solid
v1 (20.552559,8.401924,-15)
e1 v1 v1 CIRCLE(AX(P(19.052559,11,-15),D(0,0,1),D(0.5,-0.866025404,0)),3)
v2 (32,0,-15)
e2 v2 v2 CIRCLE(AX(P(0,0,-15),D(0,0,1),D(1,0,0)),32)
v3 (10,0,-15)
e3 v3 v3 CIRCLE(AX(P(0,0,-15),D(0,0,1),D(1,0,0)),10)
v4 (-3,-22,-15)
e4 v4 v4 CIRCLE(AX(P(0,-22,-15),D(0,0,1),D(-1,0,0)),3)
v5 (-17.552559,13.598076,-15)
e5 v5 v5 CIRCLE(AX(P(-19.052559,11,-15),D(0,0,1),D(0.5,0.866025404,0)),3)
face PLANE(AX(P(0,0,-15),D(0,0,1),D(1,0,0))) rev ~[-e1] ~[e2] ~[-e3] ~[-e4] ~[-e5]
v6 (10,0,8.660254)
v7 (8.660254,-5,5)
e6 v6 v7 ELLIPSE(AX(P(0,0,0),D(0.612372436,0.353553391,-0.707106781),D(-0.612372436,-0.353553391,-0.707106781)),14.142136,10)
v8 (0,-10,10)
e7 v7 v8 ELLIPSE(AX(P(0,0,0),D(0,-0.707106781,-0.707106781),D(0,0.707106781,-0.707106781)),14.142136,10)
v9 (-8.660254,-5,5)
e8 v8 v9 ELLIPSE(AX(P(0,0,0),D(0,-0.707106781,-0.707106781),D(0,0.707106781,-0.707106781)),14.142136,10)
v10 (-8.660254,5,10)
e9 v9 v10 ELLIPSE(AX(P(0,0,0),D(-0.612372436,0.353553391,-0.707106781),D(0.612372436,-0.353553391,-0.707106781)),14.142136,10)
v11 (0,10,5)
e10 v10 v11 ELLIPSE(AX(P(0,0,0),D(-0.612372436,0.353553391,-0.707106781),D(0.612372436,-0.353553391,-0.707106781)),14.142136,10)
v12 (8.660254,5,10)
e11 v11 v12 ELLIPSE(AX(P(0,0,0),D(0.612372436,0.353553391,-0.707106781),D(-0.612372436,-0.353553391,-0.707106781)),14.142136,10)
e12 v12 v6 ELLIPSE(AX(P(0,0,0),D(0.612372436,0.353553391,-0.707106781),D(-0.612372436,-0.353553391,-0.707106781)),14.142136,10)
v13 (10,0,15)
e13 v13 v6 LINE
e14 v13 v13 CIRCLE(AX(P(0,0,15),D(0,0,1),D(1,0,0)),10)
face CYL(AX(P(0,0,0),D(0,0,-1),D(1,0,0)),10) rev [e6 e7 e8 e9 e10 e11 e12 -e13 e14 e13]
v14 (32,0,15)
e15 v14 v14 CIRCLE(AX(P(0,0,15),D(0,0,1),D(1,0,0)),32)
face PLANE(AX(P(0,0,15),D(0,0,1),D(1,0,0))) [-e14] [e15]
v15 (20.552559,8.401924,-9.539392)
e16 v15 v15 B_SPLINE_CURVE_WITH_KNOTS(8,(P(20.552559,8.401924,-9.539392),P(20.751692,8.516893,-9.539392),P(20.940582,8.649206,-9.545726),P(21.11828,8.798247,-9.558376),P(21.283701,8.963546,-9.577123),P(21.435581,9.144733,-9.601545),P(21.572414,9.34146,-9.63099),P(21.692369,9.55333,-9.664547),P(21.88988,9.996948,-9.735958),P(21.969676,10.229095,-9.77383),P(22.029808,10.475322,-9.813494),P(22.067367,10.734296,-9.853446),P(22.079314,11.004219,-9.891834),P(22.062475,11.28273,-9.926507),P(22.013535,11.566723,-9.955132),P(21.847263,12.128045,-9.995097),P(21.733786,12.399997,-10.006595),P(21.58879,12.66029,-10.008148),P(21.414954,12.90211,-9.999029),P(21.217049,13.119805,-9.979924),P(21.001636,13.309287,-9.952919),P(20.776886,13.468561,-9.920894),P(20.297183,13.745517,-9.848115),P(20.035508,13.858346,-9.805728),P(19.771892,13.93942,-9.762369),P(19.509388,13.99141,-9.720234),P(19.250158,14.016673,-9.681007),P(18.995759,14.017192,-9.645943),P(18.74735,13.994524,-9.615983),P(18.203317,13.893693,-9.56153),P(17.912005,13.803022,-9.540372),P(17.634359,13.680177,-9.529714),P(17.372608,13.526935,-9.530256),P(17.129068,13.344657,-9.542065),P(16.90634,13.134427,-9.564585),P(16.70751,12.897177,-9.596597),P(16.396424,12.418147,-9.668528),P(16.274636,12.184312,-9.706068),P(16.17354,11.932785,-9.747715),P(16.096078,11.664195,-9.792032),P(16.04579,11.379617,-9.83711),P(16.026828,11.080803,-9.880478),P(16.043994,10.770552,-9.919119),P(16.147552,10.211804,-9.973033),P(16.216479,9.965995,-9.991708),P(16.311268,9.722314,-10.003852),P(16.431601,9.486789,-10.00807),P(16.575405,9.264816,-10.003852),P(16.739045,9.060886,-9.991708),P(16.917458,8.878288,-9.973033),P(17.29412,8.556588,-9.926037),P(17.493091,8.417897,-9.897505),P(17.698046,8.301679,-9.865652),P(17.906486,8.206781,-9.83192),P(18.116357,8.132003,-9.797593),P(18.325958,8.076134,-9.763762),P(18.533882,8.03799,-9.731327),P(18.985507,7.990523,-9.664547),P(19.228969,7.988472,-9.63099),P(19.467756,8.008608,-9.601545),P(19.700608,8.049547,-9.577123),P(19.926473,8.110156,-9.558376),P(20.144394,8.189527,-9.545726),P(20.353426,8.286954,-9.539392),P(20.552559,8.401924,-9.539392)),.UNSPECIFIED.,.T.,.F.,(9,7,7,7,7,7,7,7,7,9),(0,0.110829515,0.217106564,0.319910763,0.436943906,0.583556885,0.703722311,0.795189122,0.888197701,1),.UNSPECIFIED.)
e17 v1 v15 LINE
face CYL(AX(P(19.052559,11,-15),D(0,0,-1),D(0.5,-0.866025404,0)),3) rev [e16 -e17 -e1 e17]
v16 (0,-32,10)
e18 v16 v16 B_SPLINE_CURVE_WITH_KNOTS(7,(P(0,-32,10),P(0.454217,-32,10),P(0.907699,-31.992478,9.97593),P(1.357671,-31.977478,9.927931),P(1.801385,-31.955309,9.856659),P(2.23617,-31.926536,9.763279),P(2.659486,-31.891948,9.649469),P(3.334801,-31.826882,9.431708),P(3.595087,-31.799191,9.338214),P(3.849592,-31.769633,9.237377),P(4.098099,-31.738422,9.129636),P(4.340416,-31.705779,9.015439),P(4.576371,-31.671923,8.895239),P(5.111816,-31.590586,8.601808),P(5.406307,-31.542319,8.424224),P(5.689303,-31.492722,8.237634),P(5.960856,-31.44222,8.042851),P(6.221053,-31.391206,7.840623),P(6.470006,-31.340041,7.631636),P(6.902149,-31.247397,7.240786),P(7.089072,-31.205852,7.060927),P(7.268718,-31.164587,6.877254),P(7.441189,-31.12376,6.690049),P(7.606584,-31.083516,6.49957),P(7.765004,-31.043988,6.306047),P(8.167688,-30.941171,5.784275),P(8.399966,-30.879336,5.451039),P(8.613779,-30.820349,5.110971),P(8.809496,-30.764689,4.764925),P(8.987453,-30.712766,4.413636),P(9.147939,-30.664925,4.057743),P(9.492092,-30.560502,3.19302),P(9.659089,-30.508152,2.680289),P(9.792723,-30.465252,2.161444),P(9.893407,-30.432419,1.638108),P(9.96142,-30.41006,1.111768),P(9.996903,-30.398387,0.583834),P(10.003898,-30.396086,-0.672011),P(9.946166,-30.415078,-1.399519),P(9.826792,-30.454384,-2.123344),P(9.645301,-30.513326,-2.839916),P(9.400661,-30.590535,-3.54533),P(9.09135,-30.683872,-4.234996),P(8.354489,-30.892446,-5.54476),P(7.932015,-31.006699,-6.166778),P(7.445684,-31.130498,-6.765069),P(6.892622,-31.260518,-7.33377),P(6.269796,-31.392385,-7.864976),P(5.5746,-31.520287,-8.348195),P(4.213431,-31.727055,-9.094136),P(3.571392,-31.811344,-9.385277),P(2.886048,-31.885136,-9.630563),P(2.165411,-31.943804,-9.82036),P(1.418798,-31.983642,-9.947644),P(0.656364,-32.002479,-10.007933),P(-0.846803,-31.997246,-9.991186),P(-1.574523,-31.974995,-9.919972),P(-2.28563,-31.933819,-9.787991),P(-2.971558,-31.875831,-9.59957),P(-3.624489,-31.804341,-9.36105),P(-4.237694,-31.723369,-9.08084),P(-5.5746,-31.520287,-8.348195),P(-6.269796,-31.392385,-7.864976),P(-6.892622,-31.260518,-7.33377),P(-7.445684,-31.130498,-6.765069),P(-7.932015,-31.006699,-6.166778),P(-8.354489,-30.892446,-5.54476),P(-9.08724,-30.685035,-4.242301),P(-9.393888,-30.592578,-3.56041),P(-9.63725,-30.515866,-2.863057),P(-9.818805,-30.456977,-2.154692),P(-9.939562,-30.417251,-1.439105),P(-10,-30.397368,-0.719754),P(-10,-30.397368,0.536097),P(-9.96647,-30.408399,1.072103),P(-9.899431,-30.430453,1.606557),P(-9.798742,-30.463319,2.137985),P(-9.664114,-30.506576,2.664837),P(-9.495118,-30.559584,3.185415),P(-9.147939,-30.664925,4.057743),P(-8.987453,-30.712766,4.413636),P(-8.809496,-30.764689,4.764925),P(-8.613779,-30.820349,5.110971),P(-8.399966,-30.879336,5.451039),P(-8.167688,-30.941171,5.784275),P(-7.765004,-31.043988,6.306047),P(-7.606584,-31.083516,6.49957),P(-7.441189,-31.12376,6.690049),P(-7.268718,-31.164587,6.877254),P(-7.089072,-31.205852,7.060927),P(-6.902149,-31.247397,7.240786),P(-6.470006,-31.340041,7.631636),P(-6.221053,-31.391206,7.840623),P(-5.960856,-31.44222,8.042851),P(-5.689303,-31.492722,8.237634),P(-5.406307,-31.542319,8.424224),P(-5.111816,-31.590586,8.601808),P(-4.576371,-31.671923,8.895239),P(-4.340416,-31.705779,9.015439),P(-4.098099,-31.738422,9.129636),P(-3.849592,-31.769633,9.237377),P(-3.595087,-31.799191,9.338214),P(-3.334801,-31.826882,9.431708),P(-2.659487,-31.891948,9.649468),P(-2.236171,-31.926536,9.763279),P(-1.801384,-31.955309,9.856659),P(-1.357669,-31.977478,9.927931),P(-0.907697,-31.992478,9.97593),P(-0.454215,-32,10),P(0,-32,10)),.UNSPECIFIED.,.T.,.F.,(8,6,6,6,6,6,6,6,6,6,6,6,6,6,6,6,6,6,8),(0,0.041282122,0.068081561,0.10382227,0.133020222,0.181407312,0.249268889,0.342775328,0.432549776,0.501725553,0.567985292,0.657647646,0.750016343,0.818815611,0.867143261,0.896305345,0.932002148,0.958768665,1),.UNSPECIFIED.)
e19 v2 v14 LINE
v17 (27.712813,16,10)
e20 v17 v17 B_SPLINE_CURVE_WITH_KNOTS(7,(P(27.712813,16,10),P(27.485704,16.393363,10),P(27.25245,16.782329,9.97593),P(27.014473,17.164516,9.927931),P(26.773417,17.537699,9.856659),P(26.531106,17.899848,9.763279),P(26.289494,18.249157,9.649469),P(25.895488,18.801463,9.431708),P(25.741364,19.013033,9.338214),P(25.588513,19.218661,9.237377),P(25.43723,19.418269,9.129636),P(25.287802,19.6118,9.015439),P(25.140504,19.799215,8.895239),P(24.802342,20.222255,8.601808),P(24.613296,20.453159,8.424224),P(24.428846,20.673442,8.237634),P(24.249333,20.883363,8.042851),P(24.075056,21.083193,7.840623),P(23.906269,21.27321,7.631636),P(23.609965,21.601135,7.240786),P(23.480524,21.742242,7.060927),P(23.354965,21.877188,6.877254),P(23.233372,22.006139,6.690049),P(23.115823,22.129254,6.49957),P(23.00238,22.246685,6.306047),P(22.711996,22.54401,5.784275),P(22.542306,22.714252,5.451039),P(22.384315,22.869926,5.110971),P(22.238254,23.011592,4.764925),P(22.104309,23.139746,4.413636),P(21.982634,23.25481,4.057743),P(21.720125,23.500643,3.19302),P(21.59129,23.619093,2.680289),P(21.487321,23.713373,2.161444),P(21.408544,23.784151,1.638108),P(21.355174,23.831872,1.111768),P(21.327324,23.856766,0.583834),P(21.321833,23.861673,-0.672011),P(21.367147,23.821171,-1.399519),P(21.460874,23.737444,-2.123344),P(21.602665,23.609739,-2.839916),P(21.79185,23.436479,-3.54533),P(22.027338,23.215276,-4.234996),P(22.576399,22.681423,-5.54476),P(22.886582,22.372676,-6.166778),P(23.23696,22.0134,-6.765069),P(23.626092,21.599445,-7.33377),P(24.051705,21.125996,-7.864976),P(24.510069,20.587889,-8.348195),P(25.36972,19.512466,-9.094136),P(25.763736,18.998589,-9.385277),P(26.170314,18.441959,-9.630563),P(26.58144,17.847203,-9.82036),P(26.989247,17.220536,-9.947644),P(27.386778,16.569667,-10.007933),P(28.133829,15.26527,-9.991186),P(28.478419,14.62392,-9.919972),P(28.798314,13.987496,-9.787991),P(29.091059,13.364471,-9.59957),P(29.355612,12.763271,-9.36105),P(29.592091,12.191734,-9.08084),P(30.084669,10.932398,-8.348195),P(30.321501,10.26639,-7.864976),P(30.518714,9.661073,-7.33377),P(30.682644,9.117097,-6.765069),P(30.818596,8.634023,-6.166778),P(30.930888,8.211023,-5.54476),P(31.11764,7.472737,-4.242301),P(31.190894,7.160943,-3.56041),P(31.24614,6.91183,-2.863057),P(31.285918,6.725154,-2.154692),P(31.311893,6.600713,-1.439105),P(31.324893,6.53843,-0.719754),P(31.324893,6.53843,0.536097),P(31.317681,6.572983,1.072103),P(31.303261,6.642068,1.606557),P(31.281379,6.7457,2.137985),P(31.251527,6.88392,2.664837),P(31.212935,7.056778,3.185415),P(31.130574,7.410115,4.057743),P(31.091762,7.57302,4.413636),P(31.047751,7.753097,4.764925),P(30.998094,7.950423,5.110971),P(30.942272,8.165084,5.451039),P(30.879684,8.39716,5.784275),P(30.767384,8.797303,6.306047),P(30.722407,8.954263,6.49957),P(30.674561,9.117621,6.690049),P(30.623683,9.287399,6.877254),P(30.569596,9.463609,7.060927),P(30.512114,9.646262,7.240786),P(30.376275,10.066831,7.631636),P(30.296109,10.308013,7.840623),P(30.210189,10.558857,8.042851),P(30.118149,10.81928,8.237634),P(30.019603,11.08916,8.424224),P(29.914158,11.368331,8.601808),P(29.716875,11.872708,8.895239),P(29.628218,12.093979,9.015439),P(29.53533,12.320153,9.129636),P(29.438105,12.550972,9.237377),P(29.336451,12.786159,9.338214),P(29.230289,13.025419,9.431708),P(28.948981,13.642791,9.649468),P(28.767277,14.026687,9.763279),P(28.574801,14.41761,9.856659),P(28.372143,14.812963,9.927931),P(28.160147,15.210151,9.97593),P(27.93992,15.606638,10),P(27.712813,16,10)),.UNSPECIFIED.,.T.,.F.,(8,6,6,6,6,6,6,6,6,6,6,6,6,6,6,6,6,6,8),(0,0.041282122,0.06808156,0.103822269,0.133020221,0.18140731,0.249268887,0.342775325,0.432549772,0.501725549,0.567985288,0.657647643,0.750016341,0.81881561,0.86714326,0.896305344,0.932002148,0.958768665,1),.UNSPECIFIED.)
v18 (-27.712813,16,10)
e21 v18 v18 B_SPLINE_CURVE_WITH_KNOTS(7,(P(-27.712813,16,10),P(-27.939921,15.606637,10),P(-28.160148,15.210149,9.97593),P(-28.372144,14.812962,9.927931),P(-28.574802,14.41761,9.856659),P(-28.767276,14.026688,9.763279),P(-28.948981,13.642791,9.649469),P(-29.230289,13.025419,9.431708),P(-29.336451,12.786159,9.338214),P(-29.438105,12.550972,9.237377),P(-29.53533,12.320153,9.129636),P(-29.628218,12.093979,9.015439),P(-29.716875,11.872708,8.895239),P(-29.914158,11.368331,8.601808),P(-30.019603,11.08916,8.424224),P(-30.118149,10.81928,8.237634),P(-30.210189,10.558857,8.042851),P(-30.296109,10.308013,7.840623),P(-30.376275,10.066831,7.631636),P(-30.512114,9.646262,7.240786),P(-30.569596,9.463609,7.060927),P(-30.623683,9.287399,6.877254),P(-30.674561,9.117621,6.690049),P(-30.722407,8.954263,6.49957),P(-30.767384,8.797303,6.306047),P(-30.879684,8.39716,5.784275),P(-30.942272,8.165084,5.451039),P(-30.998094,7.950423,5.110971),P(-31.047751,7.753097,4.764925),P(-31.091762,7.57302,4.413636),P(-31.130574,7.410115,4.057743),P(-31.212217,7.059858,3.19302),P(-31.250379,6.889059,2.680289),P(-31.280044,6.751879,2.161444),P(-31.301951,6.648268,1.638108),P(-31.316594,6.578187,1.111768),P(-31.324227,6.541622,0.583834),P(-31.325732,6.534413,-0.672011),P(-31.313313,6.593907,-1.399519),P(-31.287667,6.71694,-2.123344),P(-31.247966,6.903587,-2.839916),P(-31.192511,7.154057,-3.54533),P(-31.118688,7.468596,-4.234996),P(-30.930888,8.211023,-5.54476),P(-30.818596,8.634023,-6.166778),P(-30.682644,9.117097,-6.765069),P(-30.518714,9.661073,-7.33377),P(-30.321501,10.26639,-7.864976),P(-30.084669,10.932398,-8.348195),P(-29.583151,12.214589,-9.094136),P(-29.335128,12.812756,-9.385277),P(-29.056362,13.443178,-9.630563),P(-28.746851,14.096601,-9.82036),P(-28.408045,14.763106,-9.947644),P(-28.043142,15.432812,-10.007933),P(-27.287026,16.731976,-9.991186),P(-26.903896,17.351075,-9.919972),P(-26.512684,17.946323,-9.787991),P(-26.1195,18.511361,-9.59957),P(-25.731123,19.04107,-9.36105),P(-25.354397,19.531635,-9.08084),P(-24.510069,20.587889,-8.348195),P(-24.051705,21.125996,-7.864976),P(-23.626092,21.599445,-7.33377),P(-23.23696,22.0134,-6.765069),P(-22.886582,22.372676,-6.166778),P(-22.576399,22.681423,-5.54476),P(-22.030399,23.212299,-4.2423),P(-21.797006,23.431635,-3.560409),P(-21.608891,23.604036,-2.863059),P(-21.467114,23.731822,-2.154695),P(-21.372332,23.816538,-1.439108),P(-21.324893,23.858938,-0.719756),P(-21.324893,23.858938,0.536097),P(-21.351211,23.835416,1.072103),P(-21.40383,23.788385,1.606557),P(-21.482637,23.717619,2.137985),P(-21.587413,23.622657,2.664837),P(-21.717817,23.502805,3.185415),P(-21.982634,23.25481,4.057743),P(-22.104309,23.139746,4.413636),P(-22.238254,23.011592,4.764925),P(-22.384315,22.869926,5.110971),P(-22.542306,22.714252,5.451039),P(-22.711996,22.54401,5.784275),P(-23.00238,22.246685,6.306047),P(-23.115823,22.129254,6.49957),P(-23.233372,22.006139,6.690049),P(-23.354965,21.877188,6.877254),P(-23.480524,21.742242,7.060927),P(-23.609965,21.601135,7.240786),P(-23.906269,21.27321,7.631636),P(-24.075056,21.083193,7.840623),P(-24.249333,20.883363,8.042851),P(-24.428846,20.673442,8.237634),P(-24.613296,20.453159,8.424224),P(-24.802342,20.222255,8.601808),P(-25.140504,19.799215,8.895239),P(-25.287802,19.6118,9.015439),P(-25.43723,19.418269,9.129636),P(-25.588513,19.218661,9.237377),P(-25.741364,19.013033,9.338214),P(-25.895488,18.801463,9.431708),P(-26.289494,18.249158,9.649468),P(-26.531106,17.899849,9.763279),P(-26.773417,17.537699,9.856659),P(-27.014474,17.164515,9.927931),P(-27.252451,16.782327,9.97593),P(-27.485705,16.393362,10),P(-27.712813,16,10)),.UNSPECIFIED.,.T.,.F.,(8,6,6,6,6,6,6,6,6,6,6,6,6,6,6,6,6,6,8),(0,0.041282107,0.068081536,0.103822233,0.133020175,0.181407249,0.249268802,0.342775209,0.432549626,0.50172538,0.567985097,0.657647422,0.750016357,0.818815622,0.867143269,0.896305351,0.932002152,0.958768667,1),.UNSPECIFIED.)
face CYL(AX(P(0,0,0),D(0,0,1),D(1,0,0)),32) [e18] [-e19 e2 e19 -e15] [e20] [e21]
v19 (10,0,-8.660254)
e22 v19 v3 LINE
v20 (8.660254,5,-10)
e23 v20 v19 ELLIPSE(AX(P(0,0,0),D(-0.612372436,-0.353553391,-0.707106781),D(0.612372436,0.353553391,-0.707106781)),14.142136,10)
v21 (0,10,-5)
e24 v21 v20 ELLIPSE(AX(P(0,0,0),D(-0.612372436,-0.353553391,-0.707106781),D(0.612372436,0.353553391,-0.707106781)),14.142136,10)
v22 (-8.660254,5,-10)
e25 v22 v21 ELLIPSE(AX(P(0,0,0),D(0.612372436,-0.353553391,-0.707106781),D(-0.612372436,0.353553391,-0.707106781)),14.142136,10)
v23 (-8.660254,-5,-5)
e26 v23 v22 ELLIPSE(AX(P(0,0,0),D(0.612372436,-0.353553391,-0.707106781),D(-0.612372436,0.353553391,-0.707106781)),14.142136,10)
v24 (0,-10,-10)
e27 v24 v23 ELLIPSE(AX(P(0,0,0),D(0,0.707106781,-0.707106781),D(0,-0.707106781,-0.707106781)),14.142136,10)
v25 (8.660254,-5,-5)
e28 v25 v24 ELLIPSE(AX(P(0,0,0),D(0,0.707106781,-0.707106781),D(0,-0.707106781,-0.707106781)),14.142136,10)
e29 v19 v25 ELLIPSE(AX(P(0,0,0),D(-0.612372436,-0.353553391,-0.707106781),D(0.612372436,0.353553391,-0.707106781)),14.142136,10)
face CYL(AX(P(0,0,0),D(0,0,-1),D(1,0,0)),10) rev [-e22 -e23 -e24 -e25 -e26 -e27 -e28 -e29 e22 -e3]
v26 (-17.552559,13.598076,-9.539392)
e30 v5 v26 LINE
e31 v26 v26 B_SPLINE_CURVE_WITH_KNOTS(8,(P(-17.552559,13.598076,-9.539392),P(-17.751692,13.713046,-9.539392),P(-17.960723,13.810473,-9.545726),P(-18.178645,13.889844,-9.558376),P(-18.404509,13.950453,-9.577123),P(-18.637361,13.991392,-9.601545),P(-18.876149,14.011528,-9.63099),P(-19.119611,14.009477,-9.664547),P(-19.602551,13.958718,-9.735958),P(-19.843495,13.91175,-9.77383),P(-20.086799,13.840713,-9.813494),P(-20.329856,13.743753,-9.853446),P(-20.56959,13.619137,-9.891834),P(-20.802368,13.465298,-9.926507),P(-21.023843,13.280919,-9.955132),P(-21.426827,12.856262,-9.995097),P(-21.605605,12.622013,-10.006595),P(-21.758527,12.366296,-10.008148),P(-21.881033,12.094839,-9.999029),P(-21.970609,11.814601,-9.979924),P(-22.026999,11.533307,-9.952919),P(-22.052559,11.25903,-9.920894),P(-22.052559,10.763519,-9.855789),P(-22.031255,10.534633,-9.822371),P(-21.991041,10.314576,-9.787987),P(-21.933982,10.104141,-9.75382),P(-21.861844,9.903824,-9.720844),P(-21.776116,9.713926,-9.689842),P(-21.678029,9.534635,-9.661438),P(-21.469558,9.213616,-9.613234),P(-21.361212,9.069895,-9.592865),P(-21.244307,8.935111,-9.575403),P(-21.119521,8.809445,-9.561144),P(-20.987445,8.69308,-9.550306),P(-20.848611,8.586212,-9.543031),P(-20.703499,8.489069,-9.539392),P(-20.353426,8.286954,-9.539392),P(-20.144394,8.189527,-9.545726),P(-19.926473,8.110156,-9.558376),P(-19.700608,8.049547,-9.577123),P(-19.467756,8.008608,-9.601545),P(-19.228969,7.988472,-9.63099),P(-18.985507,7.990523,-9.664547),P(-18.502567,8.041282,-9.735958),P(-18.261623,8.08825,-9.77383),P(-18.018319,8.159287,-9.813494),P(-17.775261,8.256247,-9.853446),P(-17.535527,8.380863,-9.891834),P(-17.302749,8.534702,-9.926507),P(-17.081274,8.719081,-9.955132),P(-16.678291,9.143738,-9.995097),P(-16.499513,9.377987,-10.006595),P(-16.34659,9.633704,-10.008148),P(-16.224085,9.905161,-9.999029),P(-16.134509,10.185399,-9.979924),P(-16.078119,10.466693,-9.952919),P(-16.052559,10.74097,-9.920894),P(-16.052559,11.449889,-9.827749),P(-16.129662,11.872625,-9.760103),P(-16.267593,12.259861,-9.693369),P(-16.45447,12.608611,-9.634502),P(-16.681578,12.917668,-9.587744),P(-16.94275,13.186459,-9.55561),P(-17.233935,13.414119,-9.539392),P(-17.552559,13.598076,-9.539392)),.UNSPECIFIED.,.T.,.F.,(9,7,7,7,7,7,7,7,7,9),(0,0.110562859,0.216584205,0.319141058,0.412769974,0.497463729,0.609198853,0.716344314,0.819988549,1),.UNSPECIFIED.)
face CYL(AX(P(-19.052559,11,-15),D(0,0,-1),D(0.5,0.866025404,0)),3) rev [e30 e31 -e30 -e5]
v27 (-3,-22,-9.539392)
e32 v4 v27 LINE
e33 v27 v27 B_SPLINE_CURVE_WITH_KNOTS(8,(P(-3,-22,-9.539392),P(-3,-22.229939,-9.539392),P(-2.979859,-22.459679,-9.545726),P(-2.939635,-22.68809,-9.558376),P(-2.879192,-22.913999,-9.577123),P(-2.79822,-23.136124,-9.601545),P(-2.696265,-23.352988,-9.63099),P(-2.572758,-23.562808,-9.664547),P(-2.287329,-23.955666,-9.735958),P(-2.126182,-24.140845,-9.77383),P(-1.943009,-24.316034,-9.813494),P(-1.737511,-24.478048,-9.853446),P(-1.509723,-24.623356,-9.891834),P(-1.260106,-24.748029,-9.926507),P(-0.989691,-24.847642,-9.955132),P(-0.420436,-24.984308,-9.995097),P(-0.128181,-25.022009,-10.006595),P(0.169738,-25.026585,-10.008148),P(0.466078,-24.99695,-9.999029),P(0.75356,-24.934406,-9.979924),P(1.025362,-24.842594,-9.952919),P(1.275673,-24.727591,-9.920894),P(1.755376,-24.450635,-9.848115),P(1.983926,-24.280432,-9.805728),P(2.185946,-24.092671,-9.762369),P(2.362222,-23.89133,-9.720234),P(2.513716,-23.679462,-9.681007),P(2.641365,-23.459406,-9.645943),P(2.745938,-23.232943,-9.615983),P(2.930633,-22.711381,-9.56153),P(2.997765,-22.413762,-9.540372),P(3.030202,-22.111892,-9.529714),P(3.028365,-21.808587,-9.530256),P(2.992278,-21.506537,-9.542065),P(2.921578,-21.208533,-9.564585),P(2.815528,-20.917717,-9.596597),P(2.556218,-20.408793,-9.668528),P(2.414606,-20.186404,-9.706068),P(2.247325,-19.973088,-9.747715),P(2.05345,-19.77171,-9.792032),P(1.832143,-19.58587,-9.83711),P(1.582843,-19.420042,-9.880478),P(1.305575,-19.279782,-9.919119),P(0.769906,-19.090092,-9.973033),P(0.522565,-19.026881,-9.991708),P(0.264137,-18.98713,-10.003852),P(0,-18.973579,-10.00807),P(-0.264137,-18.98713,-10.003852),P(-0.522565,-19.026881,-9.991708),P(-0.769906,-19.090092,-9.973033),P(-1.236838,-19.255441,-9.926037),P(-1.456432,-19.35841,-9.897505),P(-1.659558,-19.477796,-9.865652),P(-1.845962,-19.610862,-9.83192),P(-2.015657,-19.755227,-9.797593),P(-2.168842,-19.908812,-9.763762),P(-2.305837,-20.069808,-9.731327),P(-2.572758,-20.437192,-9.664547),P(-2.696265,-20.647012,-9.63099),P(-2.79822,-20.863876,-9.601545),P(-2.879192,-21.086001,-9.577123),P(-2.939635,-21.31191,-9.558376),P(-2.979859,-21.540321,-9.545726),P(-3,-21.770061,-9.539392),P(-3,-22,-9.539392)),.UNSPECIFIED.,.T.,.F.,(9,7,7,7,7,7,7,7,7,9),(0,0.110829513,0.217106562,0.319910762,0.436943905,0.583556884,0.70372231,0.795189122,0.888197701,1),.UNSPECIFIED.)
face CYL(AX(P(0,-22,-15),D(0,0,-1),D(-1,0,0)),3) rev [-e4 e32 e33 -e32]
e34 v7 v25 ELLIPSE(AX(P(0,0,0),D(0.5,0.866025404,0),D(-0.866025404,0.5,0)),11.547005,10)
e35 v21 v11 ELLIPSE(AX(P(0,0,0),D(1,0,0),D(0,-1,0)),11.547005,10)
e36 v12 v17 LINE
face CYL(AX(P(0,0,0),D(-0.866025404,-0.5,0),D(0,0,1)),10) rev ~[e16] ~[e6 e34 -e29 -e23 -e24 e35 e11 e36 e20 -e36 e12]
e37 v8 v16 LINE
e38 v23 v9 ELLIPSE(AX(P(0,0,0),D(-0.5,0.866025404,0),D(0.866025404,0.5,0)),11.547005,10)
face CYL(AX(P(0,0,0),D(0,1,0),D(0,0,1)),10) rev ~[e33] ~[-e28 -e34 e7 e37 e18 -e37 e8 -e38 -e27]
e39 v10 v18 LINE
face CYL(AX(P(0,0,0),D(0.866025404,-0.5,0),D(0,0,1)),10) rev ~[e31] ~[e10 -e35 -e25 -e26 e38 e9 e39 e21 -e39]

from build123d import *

# Parameters (mm, degrees)
SKETCH1_R           = 32
SKETCH1_R_2         = 10
BOSS_EXTRUDE1_DEPTH = 15
SKETCH2_R           = 10
CUT_EXTRUDE1_DEPTH  = 48.675989764
CIRPATTERN1_COUNT   = 3
SKETCH4_R           = 3
CUT_EXTRUDE3_DEPTH  = 11
CIRPATTERN2_COUNT   = 3


with BuildPart() as part:
    # Sketch1 → Boss-Extrude1 (new, symmetric)
    with BuildSketch(Plane.XY):
        Circle(SKETCH1_R)
        Circle(SKETCH1_R_2, mode=Mode.SUBTRACT)
    extrude(amount=BOSS_EXTRUDE1_DEPTH, both=True)

    # Sketch2 → Cut-Extrude1 (cut, through all)
    with BuildSketch(Plane(origin=(0, 0, 0), x_dir=(1, 0, 0), z_dir=(0, 1, 0))):
        with Locations(Location((0, 0, 0), (0, 0, 270))):
            Circle(SKETCH2_R)
    cut_extrude1 = extrude(amount=-CUT_EXTRUDE1_DEPTH, mode=Mode.SUBTRACT)

    # CirPattern1: Cut-Extrude1 ×3 about axis
    cirpattern1_axis = Axis((0, 0, 15), (0, 0, -1))
    for i in range(1, CIRPATTERN1_COUNT):
        add(cut_extrude1.rotate(cirpattern1_axis, i * 360 / CIRPATTERN1_COUNT), mode=Mode.SUBTRACT)

    # Sketch4 → Cut-Extrude3 (cut)
    with BuildSketch(Plane.XY.offset(-15)):
        with Locations(Location((0, -22, 0), (0, 0, 180))):
            Circle(SKETCH4_R)
    cut_extrude3 = extrude(amount=CUT_EXTRUDE3_DEPTH, mode=Mode.SUBTRACT)

    # CirPattern2: Cut-Extrude3 ×3 about axis
    cirpattern2_axis = Axis((0, 0, 0), (0, 0, 1))
    for i in range(1, CIRPATTERN2_COUNT):
        add(cut_extrude3.rotate(cirpattern2_axis, i * 360 / CIRPATTERN2_COUNT), mode=Mode.SUBTRACT)


solid = part.part
